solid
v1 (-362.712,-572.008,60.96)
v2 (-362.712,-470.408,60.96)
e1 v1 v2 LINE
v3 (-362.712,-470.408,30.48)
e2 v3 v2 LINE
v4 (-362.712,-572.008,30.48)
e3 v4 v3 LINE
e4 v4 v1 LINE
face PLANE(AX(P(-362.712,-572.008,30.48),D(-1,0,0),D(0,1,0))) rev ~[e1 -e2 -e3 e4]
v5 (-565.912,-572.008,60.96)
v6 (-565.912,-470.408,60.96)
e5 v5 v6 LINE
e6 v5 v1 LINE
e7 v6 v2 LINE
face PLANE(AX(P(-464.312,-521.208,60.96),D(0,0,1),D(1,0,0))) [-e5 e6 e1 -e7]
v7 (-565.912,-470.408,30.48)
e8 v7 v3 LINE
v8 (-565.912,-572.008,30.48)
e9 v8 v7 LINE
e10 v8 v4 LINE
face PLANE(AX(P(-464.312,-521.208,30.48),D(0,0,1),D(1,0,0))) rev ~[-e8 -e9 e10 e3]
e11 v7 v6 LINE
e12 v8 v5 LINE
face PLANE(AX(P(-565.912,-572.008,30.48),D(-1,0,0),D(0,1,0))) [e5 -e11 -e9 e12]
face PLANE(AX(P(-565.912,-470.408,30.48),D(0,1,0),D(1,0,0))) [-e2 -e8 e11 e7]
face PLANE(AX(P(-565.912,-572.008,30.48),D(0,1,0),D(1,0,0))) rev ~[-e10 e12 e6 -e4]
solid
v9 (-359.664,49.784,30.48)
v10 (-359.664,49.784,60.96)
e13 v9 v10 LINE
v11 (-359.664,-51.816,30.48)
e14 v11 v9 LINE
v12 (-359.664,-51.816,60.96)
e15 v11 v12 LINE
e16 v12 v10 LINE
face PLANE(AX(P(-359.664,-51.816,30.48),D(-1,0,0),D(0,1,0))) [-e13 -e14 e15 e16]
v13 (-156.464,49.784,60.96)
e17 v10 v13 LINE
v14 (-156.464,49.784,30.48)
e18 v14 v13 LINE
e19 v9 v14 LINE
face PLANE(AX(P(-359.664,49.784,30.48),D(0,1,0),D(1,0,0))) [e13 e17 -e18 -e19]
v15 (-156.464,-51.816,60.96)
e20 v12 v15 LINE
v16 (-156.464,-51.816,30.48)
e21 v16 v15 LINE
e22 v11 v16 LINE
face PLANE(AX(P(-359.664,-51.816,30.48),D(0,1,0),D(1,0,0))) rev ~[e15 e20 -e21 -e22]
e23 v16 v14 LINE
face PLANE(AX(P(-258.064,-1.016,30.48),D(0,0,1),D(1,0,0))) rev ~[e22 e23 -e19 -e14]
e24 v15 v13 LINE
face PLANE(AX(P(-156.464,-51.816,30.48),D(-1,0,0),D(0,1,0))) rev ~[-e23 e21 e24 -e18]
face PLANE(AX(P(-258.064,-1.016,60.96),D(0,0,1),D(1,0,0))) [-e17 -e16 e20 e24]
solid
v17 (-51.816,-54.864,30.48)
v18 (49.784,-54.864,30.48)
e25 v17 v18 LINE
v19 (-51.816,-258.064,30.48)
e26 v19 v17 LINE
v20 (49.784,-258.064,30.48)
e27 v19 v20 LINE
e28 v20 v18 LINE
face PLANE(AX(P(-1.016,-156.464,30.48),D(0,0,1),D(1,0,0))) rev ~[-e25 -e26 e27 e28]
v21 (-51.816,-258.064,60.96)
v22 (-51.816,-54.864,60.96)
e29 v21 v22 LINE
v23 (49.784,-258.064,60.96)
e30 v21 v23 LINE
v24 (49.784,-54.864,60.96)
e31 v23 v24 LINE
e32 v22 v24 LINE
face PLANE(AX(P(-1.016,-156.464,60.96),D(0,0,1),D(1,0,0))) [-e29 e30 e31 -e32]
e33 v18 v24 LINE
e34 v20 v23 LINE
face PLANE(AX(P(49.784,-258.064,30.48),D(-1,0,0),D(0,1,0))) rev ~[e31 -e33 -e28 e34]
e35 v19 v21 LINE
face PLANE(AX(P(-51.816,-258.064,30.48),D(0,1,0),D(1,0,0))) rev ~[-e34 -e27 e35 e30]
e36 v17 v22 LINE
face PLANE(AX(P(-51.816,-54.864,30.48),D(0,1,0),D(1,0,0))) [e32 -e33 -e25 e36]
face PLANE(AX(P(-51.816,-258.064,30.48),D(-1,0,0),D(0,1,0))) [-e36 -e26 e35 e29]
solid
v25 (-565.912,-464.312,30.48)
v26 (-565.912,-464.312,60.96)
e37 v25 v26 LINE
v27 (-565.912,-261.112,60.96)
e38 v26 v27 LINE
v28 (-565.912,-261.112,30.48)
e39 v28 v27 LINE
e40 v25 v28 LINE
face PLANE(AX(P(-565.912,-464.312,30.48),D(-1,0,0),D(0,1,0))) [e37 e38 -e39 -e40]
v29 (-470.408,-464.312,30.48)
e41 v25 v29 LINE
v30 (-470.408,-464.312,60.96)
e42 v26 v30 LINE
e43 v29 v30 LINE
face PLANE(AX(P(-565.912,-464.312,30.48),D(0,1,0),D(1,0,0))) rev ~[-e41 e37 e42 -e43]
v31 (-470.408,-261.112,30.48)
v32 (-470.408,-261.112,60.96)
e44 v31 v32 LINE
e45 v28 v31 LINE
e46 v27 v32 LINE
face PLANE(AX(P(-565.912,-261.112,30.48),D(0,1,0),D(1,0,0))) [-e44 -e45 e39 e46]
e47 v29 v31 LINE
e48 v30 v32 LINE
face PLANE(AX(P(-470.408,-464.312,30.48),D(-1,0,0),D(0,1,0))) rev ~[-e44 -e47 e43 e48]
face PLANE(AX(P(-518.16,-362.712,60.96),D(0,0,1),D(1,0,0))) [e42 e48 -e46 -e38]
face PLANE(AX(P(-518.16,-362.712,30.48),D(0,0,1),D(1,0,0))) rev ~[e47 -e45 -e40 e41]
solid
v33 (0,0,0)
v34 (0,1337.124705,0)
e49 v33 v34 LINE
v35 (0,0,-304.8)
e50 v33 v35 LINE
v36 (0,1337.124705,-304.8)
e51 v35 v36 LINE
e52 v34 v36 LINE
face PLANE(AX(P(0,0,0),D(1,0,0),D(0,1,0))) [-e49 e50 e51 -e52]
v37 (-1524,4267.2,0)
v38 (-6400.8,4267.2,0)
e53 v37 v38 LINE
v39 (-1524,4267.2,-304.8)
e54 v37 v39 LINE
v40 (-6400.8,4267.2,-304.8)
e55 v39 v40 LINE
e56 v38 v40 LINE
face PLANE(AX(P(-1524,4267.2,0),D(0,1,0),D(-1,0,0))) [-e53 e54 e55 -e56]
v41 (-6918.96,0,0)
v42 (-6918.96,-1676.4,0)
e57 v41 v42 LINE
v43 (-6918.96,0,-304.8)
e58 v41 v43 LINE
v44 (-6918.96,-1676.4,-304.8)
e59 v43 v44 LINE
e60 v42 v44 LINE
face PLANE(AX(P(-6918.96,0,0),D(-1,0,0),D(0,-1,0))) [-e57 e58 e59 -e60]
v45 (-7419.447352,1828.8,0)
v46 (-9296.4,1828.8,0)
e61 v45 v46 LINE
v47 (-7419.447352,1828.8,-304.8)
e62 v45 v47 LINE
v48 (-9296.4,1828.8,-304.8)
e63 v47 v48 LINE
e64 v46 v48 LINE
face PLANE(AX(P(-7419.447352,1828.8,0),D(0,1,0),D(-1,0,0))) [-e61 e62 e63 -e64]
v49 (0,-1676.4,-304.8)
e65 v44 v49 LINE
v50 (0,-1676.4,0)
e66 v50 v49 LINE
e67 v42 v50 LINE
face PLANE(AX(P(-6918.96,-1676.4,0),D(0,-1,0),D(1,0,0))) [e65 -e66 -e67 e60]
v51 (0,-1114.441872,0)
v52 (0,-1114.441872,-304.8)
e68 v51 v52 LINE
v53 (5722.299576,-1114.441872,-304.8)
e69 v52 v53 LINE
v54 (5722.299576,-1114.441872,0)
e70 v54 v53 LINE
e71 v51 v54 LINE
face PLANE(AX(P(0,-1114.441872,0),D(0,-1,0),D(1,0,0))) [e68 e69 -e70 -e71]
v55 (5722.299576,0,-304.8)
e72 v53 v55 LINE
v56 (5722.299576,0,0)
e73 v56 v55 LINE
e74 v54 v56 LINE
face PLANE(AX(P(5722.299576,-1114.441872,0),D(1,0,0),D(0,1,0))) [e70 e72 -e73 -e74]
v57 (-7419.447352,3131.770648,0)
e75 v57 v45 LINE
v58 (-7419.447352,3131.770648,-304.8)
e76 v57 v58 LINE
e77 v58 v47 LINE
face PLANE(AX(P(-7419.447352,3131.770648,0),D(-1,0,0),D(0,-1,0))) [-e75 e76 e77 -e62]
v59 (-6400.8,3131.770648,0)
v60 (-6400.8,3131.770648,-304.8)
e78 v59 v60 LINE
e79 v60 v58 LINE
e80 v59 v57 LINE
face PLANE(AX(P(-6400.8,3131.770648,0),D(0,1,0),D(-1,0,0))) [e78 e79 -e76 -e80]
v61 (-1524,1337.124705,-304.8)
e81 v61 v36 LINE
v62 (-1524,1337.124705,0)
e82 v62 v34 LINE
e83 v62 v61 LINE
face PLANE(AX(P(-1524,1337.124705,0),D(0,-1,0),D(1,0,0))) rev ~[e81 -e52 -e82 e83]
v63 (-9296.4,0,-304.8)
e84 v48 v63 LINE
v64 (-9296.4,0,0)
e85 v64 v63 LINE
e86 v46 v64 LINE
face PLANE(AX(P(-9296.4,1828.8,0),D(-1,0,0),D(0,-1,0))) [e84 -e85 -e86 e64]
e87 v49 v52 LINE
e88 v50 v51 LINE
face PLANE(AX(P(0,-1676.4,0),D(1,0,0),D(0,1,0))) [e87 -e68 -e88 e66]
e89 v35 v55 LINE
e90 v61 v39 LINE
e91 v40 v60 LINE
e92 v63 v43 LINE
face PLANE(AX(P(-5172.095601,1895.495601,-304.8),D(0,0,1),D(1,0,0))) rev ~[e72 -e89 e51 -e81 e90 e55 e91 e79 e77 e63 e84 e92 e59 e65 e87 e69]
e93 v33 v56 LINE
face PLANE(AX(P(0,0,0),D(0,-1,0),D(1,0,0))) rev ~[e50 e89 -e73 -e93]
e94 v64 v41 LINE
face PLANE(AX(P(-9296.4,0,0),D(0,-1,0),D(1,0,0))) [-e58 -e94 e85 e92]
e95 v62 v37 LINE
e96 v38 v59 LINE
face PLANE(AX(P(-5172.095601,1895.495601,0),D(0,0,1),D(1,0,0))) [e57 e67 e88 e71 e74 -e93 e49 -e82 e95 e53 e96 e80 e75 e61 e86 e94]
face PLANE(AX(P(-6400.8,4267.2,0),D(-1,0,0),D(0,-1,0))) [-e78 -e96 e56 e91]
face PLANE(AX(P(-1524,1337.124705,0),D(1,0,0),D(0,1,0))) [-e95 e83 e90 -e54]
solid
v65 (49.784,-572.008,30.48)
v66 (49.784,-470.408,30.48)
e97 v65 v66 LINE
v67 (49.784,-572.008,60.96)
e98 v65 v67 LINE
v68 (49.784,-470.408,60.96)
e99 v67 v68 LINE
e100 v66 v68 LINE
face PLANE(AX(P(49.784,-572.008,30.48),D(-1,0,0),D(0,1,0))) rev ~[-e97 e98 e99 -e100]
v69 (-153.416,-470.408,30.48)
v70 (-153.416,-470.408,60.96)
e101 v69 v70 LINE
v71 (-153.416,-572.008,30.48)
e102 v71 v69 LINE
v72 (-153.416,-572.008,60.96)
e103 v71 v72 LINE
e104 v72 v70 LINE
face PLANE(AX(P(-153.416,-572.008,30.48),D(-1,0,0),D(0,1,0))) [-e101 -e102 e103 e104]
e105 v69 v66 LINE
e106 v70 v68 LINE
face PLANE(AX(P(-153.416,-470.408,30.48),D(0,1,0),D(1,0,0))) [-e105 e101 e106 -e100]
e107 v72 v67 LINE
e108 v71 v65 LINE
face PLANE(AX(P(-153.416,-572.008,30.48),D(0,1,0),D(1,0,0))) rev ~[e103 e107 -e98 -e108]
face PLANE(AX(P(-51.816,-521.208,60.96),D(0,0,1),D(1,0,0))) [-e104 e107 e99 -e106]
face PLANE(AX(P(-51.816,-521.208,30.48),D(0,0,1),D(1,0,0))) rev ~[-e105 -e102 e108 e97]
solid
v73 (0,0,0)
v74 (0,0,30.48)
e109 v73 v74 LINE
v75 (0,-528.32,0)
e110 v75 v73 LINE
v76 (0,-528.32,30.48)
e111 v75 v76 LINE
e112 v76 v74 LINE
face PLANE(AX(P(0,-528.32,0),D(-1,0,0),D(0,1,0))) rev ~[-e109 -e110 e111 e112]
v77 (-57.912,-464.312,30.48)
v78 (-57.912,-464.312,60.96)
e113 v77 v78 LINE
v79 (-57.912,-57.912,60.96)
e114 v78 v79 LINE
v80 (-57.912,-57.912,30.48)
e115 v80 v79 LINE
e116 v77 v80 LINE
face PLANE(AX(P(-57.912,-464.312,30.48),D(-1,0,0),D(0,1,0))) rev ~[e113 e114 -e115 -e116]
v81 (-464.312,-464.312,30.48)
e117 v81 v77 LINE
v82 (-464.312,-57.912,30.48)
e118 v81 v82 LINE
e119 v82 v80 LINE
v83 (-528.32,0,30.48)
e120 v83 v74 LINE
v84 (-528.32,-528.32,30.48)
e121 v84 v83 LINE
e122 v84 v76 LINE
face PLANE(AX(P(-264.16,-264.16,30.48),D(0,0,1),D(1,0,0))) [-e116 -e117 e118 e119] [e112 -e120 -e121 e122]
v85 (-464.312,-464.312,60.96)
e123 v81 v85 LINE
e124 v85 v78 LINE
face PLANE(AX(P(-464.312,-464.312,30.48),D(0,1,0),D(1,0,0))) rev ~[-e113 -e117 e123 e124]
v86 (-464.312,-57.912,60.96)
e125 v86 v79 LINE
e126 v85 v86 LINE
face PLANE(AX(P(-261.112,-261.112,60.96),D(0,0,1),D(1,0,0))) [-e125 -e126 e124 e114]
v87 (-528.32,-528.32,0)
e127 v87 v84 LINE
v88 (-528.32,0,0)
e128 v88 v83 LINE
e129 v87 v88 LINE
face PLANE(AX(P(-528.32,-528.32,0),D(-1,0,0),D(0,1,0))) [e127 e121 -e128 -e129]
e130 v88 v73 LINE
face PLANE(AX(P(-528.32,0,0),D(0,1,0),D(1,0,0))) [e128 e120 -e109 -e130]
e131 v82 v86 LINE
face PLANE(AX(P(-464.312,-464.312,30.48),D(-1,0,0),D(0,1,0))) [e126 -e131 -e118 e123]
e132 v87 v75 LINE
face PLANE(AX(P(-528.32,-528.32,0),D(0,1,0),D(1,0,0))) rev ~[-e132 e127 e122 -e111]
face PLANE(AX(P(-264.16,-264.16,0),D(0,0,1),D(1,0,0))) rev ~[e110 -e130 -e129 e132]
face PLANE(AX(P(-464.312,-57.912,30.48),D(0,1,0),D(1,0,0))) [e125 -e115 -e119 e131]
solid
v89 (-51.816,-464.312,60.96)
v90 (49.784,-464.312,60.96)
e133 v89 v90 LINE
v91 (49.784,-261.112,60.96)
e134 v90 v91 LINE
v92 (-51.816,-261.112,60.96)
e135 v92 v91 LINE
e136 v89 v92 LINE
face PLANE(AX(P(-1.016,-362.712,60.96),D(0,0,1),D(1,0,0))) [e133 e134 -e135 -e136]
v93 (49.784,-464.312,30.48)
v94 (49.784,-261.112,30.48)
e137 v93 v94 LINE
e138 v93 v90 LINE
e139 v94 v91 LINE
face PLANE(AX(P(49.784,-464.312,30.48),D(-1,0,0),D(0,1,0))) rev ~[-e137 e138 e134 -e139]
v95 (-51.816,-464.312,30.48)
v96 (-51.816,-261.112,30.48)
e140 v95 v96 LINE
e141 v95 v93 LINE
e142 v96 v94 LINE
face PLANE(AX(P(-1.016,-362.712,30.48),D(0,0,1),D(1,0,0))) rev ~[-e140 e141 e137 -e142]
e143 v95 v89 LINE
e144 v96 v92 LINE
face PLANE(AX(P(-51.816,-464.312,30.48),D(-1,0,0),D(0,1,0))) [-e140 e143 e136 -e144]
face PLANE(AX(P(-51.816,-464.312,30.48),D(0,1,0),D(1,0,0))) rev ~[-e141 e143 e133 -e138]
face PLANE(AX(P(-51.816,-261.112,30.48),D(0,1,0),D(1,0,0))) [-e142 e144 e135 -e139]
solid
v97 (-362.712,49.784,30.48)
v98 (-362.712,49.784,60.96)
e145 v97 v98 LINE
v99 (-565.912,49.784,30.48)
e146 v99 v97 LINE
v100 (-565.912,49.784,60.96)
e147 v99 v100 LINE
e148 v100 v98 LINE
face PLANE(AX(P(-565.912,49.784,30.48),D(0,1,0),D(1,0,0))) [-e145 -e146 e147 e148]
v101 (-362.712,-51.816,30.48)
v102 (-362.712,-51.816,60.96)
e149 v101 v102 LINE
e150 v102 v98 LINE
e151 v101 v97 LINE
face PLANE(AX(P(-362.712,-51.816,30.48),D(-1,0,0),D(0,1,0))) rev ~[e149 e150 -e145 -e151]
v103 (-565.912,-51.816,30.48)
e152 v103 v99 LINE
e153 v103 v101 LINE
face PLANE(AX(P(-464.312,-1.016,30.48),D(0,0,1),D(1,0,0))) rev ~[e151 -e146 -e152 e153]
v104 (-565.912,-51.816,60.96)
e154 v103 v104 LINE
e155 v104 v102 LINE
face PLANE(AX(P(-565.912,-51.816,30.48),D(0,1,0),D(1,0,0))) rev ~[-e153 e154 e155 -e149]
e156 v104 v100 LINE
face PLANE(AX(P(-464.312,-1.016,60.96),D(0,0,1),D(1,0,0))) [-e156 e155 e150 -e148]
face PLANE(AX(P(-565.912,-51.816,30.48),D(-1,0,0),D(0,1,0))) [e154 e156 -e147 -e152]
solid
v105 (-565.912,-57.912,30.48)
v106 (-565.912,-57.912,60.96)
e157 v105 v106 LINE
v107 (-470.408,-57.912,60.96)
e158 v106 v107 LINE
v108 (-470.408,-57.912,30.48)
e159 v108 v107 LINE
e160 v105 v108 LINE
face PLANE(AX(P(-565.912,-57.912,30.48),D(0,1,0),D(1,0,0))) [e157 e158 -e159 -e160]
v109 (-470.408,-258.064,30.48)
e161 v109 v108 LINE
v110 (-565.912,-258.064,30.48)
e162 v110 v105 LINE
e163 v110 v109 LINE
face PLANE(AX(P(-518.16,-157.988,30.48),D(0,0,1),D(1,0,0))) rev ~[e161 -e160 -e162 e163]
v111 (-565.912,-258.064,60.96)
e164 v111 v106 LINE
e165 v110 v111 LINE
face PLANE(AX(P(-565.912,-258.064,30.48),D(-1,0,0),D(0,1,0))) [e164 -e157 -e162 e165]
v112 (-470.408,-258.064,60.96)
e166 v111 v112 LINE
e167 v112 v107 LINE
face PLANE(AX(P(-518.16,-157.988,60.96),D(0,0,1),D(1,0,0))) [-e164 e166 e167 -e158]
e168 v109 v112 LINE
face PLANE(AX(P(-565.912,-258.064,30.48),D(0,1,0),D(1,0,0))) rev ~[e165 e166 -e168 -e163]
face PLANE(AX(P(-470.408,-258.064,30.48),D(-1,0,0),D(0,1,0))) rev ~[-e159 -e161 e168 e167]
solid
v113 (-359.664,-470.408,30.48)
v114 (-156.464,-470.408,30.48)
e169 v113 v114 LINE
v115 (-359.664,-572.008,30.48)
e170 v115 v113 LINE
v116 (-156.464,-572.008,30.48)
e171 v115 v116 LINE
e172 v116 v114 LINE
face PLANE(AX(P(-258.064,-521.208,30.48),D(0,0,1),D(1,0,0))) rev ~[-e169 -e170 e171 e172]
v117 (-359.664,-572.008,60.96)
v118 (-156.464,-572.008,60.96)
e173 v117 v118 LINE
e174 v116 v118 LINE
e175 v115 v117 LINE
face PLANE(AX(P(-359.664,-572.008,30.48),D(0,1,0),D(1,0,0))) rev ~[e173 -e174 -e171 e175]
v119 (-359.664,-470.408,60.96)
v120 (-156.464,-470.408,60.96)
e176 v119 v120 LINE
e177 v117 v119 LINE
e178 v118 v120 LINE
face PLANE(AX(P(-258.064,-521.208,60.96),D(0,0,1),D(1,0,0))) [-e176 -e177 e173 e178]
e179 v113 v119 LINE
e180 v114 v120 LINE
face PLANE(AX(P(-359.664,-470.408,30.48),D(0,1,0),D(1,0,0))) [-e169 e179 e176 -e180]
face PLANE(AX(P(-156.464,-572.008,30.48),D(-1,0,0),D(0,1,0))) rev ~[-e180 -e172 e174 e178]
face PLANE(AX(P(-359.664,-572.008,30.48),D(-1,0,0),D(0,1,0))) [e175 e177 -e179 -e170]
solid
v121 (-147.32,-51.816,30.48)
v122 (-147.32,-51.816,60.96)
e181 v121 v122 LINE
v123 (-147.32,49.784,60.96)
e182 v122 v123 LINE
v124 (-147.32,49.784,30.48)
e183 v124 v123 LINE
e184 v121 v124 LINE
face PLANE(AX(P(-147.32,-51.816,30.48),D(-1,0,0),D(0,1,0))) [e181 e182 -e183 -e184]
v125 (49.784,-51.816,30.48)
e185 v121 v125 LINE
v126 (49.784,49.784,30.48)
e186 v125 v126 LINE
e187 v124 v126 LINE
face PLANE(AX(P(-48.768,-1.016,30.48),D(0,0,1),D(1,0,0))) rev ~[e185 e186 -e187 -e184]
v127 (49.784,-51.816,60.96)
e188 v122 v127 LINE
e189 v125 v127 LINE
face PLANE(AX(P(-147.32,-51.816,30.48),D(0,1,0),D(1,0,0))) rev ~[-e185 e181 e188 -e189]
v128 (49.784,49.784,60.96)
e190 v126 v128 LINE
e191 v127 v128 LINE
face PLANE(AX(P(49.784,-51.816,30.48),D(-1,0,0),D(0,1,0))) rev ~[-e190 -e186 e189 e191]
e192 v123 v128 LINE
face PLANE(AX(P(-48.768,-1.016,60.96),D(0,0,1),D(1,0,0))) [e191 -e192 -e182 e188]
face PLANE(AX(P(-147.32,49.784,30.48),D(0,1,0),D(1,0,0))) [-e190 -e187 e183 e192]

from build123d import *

# Parameters (mm, degrees)
F0_W     = 1524
F0_H     = 1337.124705
F0_W_2   = 5722.299576
F0_H_2   = 1114.441872
F1_DEPTH = 304.8
F2_W     = 528.32
F2_H     = 528.32
F3_DEPTH = 30.48
F4_W     = 406.4
F4_H     = 406.4
F5_DEPTH = 30.48
F6_W     = 203.2
F6_H     = 101.6
F6_W_2   = 101.6
F6_H_2   = 203.2
F6_W_3   = 197.104
F6_W_4   = 95.504
F6_H_3   = 200.152
F7_DEPTH = 30.48


with BuildPart() as f1:
    # F0 (on Top) → F1 (new body)
    with BuildSketch(Plane.XY):
        Polygon((-9296.4, 0), (-6918.96, 0), (-1524, 0), (-1524, 1337.124705), (-1524, 4267.2), (-6400.8, 4267.2), (-6400.8, 3131.770648), (-7419.447352, 3131.770648), (-7419.447352, 1828.8), (-9296.4, 1828.8), align=None)
        Polygon((-1524, 0), (-6918.96, 0), (-6918.96, -1676.4), (0, -1676.4), (0, -1114.441872), (0, 0), align=None)
        with Locations((-762, 668.562352)):
            Rectangle(F0_W, F0_H)
        with Locations((2861.149788, -557.220936)):
            Rectangle(F0_W_2, F0_H_2)
    extrude(amount=-F1_DEPTH)


with BuildPart() as f3:
    # F2 (on Top) → F3 (new body)
    with BuildSketch(Plane.XY):
        with Locations((-264.16, -264.16)):
            Rectangle(F2_W, F2_H)
    extrude(amount=F3_DEPTH)

    # F4 (on face) → F5 (join)
    with BuildSketch(Plane.XY.offset(30.48)):
        with Locations((-261.112, -261.112)):
            Rectangle(F4_W, F4_H)
    extrude(amount=F5_DEPTH)


with BuildPart() as f7:
    # F6 (on face) → F7 (new body)
    with BuildSketch(Plane.XY.offset(30.48)):
        with Locations((-51.816, -521.208)):
            Rectangle(F6_W, F6_H)
        with Locations((-258.064, -521.208)):
            Rectangle(F6_W, F6_H)
        with Locations((-1.016, -362.712)):
            Rectangle(F6_W_2, F6_H_2)
        with Locations((-1.016, -156.464)):
            Rectangle(F6_W_2, F6_H_2)
        with Locations((-464.312, -521.208)):
            Rectangle(F6_W, F6_H)
        with Locations((-48.768, -1.016)):
            Rectangle(F6_W_3, F6_H)
        with Locations((-258.064, -1.016)):
            Rectangle(F6_W, F6_H)
        with Locations((-518.16, -362.712)):
            Rectangle(F6_W_4, F6_H_2)
        with Locations((-518.16, -157.988)):
            Rectangle(F6_W_4, F6_H_3)
        with Locations((-464.312, -1.016)):
            Rectangle(F6_W, F6_H)
    extrude(amount=F7_DEPTH)


solid = Compound([f1.part, f3.part, f7.part])
